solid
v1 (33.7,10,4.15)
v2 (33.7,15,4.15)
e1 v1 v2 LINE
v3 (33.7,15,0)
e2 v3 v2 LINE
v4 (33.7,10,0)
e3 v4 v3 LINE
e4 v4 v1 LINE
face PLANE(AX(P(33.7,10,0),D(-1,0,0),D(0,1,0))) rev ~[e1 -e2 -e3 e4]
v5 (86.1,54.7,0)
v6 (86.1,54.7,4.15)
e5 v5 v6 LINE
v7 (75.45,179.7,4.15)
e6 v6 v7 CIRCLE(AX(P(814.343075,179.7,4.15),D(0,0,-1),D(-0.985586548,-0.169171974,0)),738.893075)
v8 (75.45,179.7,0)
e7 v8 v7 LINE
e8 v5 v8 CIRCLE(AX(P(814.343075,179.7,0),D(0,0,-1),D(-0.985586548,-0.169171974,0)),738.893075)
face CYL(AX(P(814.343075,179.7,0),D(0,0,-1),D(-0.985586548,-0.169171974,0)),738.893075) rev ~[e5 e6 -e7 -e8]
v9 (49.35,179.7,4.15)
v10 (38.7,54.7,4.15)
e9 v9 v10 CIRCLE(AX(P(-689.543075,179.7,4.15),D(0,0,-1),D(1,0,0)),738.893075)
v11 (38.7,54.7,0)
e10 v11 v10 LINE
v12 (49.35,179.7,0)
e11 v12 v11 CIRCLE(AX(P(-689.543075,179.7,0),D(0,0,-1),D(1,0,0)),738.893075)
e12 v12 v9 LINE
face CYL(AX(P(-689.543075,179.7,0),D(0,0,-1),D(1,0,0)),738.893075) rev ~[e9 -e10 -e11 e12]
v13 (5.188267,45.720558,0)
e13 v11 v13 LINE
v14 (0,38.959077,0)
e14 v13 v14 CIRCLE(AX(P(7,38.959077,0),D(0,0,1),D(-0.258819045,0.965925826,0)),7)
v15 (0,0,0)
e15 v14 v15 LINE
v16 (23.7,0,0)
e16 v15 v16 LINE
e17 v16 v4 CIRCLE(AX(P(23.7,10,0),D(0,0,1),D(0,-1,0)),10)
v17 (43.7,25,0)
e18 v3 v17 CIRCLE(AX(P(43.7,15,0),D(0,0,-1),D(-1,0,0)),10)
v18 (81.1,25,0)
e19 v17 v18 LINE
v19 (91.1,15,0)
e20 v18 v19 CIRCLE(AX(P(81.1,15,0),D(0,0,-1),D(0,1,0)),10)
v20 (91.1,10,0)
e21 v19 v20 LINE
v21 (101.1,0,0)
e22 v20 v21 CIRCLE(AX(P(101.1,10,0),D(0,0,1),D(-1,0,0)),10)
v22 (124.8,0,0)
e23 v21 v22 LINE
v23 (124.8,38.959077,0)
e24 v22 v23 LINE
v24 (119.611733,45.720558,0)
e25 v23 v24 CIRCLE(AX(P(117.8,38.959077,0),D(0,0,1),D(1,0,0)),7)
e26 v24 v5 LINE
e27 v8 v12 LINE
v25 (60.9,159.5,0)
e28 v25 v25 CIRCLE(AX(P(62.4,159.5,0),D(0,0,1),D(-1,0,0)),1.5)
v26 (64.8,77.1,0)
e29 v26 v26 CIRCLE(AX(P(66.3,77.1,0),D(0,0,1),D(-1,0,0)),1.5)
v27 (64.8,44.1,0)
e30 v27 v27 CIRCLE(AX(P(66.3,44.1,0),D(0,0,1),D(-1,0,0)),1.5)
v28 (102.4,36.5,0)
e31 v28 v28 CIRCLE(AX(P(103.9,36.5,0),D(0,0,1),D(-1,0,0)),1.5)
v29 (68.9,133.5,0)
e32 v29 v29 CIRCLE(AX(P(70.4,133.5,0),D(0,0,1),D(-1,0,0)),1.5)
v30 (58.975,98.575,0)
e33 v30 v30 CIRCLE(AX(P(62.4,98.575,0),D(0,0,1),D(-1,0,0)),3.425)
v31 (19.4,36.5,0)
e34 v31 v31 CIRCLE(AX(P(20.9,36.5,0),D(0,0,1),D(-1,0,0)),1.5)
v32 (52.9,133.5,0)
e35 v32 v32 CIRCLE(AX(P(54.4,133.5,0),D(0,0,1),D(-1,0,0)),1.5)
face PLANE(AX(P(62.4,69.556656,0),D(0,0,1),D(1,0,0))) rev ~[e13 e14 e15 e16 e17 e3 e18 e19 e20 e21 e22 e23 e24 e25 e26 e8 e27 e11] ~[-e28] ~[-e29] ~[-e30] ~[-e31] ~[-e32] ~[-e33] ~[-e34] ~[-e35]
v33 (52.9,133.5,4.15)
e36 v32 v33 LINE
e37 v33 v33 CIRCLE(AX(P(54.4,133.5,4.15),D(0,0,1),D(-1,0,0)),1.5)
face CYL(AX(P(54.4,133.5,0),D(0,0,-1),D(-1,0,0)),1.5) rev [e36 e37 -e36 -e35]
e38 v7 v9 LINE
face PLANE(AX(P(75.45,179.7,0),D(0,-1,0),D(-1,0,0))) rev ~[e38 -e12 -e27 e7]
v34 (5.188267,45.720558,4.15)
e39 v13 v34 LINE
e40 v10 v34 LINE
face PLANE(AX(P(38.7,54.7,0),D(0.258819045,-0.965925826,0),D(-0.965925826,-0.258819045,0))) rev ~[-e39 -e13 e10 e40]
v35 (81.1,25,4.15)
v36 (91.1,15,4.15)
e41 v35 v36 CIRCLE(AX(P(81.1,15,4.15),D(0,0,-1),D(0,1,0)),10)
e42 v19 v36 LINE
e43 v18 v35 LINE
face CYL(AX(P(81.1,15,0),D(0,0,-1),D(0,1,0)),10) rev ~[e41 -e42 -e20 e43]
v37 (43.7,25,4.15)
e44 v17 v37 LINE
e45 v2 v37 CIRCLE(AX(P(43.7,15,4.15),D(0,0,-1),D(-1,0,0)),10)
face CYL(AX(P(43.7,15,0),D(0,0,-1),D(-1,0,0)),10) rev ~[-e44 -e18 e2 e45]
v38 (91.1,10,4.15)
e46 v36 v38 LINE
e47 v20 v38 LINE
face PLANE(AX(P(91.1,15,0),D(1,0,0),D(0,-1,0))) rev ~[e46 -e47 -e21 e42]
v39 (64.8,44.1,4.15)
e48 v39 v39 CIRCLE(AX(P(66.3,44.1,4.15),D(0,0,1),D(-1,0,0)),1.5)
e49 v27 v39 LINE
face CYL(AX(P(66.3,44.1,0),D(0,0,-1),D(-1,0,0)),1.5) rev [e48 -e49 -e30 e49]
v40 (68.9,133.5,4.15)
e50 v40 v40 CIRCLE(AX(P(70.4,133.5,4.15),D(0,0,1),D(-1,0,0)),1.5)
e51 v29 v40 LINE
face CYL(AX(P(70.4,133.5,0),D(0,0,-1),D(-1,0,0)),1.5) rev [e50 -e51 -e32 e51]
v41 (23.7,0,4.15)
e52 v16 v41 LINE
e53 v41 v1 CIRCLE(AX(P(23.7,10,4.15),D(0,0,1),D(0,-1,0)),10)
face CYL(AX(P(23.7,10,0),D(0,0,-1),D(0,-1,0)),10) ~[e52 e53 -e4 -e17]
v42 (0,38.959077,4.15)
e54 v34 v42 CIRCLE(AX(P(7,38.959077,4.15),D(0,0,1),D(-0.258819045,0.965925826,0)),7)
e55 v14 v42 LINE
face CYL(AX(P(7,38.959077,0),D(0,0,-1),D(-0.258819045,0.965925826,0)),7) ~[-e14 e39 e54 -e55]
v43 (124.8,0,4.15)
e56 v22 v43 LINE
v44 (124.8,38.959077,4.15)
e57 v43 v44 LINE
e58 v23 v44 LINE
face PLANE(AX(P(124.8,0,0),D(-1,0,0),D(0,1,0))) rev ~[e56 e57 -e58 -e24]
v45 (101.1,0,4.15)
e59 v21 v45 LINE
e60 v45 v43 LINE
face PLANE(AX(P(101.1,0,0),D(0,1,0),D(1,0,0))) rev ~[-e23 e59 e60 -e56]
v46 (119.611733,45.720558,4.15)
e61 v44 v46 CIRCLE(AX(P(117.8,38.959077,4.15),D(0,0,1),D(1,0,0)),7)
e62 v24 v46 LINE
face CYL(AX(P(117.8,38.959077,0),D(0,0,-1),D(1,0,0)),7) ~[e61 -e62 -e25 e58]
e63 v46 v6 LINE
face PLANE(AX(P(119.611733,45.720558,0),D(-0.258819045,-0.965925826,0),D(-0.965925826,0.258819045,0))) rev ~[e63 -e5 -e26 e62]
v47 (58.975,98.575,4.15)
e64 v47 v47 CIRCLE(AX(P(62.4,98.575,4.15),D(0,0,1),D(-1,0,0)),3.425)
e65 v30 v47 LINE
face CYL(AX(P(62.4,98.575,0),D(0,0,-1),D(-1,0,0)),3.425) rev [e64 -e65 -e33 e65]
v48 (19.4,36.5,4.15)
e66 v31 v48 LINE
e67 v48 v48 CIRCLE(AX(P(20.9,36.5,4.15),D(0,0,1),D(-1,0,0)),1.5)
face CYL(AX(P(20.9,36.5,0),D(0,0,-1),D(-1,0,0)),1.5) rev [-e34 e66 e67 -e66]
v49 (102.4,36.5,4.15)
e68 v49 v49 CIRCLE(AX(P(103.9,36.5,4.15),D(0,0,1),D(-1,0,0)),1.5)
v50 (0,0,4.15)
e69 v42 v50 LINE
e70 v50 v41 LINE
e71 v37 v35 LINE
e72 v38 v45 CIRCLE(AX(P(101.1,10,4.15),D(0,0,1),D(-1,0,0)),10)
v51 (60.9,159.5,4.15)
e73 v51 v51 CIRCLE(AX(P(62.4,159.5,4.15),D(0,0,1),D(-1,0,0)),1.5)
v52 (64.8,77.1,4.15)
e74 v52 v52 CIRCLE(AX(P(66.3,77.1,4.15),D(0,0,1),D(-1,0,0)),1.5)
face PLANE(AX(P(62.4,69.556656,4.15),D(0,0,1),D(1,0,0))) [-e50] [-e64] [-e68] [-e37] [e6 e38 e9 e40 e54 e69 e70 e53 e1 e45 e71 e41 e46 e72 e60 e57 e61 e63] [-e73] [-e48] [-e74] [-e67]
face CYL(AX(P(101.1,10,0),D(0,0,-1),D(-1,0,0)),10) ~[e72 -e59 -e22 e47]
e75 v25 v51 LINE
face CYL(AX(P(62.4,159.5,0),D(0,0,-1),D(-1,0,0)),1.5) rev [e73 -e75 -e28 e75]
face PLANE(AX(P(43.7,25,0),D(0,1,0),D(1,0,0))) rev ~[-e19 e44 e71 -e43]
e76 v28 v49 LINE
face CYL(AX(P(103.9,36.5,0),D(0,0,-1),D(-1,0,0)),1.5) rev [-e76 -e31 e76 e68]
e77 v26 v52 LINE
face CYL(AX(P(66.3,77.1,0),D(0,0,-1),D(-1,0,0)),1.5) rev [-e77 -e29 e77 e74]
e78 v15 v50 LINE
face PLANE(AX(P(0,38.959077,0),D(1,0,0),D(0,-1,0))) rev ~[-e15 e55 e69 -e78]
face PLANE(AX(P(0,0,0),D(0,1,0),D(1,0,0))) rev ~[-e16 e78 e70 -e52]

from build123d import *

# Parameters (mm, degrees)
ESBO_O2_R                = 1.5
ESBO_O2_R_2              = 3.425
RESSALTO_EXTRUS_O1_DEPTH = 4.15


with BuildPart() as part:
    # Esboço2 → Ressalto-extrusão1 (new body)
    with BuildSketch(Plane.XY):
        with BuildLine():
            Line((0, 0), (23.7, 0))
            ThreePointArc((23.7, 0), (30.771067812, 2.928932188), (33.7, 10))
            Line((33.7, 10), (33.7, 15))
            ThreePointArc((33.7, 15), (36.628932188, 22.071067812), (43.7, 25))
            Line((43.7, 25), (81.1, 25))
            ThreePointArc((81.1, 25), (88.171067812, 22.071067812), (91.1, 15))
            Line((91.1, 15), (91.1, 10))
            ThreePointArc((91.1, 10), (94.028932188, 2.928932188), (101.1, 0))
            Line((101.1, 0), (124.8, 0))
            Line((124.8, 0), (124.8, 38.959077337))
            ThreePointArc((124.8, 38.959077337), (123.353473382, 43.22040734), (119.611733316, 45.720558121))
            Line((119.611733316, 45.720558121), (86.1, 54.7))
            ThreePointArc((86.1, 54.7), (78.117314341, 116.973565182), (75.45, 179.7))
            Line((75.45, 179.7), (49.35, 179.7))
            ThreePointArc((49.35, 179.7), (46.682685659, 116.973565182), (38.7, 54.7))
            Line((38.7, 54.7), (5.188266684, 45.720558121))
            ThreePointArc((5.188266684, 45.720558121), (1.446526618, 43.22040734), (0, 38.959077337))
            Line((0, 38.959077337), (0, 0))
        make_face()
        with Locations(Location((62.4, 159.5, 0), (0, 0, 180))):
            Circle(ESBO_O2_R, mode=Mode.SUBTRACT)
        with Locations(Location((54.4, 133.5, 0), (0, 0, 180))):
            Circle(ESBO_O2_R, mode=Mode.SUBTRACT)
        with Locations(Location((70.4, 133.5, 0), (0, 0, 180))):
            Circle(ESBO_O2_R, mode=Mode.SUBTRACT)
        with Locations(Location((62.4, 98.575, 0), (0, 0, 180))):
            Circle(ESBO_O2_R_2, mode=Mode.SUBTRACT)
        with Locations(Location((66.3, 77.1, 0), (0, 0, 180))):
            Circle(ESBO_O2_R, mode=Mode.SUBTRACT)
        with Locations(Location((66.3, 44.1, 0), (0, 0, 180))):
            Circle(ESBO_O2_R, mode=Mode.SUBTRACT)
        with Locations(Location((103.9, 36.5, 0), (0, 0, 180))):
            Circle(ESBO_O2_R, mode=Mode.SUBTRACT)
        with Locations(Location((20.9, 36.5, 0), (0, 0, 180))):
            Circle(ESBO_O2_R, mode=Mode.SUBTRACT)
    extrude(amount=RESSALTO_EXTRUS_O1_DEPTH)


solid = part.part
